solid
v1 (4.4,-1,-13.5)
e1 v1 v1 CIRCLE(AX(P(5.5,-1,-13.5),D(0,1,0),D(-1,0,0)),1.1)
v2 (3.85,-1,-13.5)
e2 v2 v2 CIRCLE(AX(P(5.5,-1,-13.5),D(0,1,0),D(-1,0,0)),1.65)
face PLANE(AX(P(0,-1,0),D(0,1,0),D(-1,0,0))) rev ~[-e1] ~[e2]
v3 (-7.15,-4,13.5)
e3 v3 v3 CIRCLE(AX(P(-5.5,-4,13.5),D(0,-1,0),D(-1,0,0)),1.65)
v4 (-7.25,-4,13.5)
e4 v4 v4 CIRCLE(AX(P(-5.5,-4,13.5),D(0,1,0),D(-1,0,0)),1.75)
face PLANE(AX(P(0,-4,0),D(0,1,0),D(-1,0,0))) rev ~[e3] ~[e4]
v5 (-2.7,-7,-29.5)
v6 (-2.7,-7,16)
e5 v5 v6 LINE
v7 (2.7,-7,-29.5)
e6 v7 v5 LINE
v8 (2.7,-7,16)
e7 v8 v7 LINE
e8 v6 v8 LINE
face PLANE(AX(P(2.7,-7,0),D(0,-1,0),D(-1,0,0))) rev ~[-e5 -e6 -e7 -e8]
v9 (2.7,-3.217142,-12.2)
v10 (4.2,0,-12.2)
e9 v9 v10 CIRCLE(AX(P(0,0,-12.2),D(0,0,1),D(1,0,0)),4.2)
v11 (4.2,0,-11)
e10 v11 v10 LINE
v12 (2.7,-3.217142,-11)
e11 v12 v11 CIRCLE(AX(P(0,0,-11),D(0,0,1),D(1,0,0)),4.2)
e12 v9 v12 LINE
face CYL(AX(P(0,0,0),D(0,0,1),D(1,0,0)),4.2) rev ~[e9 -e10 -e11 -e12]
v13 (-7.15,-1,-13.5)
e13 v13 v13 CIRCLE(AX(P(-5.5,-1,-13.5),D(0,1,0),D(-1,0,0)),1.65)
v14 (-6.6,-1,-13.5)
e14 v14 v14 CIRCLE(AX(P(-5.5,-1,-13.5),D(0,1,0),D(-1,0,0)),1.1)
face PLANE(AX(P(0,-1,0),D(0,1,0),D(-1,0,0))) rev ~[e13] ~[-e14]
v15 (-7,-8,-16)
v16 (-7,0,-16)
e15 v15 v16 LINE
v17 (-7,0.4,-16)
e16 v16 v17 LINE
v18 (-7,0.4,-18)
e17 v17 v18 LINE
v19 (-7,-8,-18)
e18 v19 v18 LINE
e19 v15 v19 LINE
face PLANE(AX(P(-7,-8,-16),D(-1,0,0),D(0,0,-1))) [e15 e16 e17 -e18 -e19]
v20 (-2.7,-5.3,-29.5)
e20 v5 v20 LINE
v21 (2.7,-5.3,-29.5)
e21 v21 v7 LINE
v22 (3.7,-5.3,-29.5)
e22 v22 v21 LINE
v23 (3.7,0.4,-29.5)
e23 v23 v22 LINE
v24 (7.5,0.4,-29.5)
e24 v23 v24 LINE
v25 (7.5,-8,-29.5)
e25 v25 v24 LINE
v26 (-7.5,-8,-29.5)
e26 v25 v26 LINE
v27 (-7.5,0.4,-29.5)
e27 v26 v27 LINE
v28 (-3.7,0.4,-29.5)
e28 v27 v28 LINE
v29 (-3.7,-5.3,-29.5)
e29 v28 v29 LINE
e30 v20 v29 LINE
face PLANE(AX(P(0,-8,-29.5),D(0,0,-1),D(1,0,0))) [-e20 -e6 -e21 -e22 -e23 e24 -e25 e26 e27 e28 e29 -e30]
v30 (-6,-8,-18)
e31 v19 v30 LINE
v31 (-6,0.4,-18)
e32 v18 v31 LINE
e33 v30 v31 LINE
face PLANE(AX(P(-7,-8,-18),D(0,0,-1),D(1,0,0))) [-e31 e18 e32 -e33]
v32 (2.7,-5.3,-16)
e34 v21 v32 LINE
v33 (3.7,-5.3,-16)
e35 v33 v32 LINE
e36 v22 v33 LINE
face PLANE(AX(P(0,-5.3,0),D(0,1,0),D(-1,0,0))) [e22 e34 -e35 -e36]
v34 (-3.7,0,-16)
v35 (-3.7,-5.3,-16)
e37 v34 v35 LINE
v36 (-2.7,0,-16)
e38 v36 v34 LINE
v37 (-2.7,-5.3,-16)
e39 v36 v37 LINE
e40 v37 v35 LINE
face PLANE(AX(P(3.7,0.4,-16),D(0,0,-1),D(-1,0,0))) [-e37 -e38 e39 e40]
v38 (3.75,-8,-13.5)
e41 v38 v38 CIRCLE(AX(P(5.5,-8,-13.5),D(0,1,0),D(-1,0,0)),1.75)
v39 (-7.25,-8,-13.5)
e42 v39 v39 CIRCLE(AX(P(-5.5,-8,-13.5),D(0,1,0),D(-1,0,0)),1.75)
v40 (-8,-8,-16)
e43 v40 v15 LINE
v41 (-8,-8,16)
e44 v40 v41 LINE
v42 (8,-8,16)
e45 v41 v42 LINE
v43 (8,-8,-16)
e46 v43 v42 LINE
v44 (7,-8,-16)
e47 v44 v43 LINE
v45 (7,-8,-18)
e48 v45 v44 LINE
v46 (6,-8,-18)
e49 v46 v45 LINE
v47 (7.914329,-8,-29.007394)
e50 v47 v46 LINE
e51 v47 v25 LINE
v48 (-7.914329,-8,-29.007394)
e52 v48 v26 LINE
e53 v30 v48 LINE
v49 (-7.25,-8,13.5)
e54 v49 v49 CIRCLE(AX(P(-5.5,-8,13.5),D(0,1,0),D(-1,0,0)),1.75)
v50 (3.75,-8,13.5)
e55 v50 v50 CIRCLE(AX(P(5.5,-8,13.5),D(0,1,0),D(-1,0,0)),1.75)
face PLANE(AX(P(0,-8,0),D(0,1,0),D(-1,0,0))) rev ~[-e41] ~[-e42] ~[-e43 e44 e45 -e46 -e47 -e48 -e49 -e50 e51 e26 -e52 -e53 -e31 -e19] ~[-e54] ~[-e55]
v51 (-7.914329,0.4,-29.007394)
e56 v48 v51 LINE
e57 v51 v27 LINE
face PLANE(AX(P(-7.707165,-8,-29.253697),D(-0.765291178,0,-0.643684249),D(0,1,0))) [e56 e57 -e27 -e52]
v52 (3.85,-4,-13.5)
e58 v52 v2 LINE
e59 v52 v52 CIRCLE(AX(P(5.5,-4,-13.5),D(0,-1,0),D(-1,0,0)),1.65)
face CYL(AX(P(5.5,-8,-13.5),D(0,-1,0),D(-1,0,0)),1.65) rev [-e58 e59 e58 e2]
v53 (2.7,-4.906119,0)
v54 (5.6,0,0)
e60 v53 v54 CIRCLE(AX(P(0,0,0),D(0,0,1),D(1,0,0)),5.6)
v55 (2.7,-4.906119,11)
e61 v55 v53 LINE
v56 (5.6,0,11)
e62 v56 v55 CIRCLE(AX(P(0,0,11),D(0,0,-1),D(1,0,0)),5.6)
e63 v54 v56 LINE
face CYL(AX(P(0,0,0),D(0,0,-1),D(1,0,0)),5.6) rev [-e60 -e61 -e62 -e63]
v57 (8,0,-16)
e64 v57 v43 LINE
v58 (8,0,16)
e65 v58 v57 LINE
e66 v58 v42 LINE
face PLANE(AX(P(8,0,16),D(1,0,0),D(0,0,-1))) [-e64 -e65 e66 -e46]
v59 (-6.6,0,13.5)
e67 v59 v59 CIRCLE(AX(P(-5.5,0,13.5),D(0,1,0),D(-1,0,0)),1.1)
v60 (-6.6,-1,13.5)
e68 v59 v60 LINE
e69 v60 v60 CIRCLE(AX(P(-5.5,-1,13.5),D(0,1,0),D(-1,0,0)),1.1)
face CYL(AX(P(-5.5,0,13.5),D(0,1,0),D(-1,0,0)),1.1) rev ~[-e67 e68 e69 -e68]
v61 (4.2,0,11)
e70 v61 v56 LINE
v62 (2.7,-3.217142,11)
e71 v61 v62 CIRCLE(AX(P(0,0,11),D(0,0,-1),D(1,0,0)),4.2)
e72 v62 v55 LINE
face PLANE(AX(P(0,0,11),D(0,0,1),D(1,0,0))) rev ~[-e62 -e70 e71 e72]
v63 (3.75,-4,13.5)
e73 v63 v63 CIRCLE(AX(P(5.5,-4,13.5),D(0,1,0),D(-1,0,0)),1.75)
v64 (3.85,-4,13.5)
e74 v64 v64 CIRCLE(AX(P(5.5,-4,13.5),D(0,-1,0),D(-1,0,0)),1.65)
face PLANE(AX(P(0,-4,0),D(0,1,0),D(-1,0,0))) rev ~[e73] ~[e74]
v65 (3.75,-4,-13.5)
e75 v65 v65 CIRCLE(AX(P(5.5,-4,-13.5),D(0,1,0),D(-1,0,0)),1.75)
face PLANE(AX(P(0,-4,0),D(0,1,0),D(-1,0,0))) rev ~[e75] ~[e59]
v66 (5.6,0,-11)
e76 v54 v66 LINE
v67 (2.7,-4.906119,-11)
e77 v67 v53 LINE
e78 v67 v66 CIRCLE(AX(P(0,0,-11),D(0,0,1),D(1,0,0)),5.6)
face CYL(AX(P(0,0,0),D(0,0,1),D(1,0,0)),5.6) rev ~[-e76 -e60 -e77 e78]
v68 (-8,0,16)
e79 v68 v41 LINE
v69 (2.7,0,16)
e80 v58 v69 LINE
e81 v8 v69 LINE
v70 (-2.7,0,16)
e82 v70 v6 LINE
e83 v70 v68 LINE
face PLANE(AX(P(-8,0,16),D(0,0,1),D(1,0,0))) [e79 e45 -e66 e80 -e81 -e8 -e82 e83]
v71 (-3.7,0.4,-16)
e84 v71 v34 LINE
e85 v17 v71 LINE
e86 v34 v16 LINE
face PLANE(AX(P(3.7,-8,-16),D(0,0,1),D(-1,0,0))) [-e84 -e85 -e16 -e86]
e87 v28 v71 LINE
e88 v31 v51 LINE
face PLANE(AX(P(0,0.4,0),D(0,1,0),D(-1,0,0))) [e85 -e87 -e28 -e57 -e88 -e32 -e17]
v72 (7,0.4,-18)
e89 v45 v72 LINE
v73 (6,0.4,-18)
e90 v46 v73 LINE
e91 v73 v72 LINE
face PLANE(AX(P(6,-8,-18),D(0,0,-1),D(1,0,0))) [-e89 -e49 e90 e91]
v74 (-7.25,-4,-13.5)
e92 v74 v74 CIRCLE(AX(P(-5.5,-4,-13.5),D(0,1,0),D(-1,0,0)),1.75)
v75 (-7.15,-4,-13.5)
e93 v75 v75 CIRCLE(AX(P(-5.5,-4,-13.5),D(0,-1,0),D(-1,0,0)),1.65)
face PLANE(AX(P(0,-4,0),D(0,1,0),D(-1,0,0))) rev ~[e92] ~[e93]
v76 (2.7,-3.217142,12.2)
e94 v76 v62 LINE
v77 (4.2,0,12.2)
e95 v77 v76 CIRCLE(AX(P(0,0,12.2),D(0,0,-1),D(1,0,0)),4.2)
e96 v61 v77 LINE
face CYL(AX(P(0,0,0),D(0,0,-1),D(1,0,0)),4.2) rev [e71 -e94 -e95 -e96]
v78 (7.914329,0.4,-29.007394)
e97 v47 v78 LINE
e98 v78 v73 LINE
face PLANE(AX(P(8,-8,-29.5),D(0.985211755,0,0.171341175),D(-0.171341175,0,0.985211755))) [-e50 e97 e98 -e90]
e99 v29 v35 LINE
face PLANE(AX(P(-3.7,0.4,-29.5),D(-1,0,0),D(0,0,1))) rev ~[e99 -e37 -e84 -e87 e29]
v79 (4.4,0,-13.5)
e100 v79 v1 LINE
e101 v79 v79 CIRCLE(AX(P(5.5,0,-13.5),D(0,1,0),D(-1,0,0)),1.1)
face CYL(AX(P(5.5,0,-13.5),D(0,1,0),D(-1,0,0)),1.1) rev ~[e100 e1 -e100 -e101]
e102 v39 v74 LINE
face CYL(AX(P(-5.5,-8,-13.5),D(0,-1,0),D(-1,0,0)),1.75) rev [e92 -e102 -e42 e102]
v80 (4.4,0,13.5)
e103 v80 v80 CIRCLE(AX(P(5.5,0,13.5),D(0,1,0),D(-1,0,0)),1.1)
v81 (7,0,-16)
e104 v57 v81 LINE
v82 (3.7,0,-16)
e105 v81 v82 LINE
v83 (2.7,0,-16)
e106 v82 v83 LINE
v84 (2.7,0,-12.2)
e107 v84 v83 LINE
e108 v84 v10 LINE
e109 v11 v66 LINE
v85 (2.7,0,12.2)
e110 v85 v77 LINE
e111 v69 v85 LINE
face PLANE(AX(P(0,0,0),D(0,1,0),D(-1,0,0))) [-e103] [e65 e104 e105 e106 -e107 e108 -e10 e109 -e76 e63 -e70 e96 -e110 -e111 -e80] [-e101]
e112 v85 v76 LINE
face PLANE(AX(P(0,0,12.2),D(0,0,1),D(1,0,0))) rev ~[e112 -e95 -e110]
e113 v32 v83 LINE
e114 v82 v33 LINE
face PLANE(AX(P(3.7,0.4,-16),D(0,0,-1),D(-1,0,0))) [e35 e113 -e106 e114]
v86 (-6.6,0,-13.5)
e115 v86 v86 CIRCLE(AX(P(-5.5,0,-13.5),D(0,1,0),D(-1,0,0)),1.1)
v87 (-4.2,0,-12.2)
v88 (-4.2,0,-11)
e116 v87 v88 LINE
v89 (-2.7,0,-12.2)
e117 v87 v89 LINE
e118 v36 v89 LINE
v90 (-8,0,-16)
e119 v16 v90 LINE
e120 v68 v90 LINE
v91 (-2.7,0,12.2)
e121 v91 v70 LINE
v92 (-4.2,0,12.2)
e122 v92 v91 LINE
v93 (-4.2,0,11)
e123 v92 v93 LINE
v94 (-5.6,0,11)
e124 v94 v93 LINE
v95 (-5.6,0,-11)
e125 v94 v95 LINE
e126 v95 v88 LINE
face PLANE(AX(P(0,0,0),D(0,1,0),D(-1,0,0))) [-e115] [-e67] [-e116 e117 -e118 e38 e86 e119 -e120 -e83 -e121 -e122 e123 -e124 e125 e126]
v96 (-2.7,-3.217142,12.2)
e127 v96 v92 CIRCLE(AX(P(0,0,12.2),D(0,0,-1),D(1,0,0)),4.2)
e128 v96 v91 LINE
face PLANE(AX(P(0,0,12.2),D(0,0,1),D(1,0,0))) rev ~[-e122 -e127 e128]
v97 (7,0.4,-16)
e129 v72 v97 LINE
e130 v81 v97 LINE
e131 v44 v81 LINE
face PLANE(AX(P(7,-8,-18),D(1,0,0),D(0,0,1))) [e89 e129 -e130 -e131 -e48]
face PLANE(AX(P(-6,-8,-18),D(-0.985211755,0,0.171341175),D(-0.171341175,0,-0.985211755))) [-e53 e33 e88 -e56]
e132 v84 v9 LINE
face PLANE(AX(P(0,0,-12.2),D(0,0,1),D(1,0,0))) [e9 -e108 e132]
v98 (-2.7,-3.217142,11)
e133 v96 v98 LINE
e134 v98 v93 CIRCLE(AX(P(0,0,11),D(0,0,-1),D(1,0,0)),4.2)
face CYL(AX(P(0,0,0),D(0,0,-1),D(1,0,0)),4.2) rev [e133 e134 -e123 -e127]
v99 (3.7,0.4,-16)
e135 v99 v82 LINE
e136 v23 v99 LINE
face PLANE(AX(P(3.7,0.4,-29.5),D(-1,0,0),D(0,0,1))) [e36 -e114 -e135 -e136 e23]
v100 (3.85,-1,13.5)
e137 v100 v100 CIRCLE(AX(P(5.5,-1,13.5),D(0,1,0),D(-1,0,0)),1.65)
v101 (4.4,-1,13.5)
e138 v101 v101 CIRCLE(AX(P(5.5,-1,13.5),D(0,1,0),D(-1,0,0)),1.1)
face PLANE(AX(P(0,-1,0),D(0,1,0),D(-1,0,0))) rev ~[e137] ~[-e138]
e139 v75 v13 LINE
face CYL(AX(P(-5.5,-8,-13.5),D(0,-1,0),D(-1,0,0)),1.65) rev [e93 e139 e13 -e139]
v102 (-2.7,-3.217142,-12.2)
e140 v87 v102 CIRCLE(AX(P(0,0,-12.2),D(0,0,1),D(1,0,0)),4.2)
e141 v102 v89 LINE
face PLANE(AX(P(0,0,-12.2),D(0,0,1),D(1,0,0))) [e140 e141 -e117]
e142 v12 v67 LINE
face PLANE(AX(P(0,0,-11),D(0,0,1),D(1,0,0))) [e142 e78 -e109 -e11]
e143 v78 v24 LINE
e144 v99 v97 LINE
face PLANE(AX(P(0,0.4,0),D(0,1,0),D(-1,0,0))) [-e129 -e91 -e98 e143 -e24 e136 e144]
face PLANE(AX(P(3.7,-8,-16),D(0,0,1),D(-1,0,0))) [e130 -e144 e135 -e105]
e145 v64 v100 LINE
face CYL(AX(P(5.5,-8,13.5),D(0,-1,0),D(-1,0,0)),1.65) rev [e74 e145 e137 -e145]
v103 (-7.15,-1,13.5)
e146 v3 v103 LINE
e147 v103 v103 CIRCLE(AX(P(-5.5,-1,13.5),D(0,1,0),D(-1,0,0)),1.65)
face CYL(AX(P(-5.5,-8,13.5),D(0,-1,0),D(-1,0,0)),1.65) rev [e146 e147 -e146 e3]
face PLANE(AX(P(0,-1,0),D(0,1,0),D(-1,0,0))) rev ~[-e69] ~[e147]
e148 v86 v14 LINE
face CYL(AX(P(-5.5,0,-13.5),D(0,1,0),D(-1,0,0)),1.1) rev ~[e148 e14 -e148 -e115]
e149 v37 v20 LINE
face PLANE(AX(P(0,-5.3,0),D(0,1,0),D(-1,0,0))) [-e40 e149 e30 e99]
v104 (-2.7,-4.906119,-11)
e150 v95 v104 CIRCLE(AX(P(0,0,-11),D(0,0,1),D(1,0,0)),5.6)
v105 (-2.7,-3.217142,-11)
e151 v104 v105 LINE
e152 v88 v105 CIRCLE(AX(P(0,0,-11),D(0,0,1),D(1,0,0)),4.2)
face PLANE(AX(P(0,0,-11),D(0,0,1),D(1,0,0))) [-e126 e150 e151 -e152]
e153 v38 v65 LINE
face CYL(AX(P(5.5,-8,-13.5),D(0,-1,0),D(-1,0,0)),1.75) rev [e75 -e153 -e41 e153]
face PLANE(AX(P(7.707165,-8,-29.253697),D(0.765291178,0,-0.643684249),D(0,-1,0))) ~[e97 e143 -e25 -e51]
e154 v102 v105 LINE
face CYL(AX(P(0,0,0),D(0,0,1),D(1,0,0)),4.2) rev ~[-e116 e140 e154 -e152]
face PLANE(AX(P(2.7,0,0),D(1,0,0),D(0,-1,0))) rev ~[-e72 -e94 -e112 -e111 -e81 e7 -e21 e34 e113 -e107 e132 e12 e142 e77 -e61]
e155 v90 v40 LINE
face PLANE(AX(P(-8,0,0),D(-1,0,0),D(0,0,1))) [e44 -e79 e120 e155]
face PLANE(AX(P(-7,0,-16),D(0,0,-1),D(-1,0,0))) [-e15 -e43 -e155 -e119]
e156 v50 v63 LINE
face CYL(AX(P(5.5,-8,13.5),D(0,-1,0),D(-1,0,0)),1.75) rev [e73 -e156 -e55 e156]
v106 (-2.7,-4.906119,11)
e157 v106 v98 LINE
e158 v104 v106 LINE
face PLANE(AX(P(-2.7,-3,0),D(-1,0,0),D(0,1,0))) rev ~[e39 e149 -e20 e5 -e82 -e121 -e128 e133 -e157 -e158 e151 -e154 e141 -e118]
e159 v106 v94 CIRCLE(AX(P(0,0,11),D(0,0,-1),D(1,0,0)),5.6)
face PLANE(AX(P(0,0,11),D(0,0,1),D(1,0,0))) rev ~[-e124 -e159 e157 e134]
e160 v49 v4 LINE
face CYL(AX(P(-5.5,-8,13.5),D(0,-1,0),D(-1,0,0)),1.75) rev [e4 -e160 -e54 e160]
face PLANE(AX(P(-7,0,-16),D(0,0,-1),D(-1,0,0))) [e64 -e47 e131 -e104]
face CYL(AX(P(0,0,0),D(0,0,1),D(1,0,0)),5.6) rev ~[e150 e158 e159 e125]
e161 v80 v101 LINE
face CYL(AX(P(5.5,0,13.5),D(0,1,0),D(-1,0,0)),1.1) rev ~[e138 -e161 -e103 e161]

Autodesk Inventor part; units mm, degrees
ref_plane "YZ Plane" through (0, 0, 0) normal (1, 0, 0) x (0, 1, 0)
ref_plane "XZ Plane" through (0, 0, 0) normal (0, 1, 0) x (-1, 0, 0)
ref_plane "XY Plane" through (0, 0, 0) normal (0, 0, 1) x (1, 0, 0)
sketch "DrumSketch" plane through (0, 0, 0) normal (0, 0, 1) x (1, 0, 0)
  line L0 (0, 8.12) -> (0, -9.52) projected
  line L1 (-7.84, 0) -> (7.84, 0) projected
  circle A0 centre (0, 0) radius 4.2
  line L2 (-2.7, -3) -> (2.7, -3)
  line L3 (2.7, 0) -> (2.7, -7)
  line L4 (2.7, -7) -> (-2.7, -7)
  line L5 (-2.7, -7) -> (-2.7, 0)
  circle A1 centre (0, 0) radius 5.6
  dimension "d0" = 8.4
  dimension "d1" = 5.4
  dimension "d2" = 7
  dimension "d3" = 4
  dimension "d6" = 11.2
sketch "BodySketch" plane through (0, 0, 0) normal (0, 1, 0) x (-1, 0, 0)
  line L0 (8, 16) -> (-8, 16)
  line L1 (-8, 16) -> (-8, -16)
  line L2 (-8, -16) -> (8, -16)
  line L3 (8, -16) -> (8, 16)
  line L4 (0, -38.6) -> (0, 25.1) projected
  line L5 (-11.2, 0) -> (11.2, 0) projected
  circle A0 centre (5.5, 13.5) radius 1.1
  circle A1 centre (5.5, 13.5) radius 1.65
  circle A2 centre (5.5, -13.5) radius 1.1
  circle A3 centre (5.5, -13.5) radius 1.65
  circle A4 centre (-5.5, 13.5) radius 1.1
  circle A5 centre (-5.5, 13.5) radius 1.65
  circle A6 centre (-5.5, -13.5) radius 1.65
  circle A7 centre (-5.5, -13.5) radius 1.1
  line L6 (7, -16) -> (7, -18)
  line L7 (7, -18) -> (6, -18)
  line L8 (6, -18) -> (8, -29.5)
  line L9 (8, -29.5) -> (-8, -29.5)
  line L10 (-8, -29.5) -> (-6, -18)
  line L11 (-6, -18) -> (-7, -18)
  line L12 (-7, -18) -> (-7, -16)
  line L13 (3.7, -29.5) -> (3.7, -16)
  line L14 (-3.7, -29.5) -> (-3.7, -16)
  line L15 (2.4888, -22.75) -> (1.2404, -22.75)
  circle A8 centre (5.5, 13.5) radius 1.75
  circle A9 centre (5.5, -13.5) radius 1.75
  circle A10 centre (-5.5, 13.5) radius 1.75
  circle A11 centre (-5.5, -13.5) radius 1.75
  point P0 (0, 0)
  point P1 (-8, 0)
  point P2 (0, 16)
  point P3 (8, 0)
  point P4 (0, -16)
  dimension "d4" = 16
  dimension "d5" = 32
  dimension "d15" = 3.3
  dimension "d16" = 2.2
  dimension "d17" = 2.5
  dimension "d18" = 2.5
  dimension "d23" = 16
  dimension "d24" = 12
  dimension "d25" = 14
  dimension "d26" = 2
  dimension "d28" = 11.5
  dimension "d29" = 7.4
  dimension "d37" = 6.75
  dimension "d38" = 6.75
  dimension "d39" = 22.75
  dimension "d40" = 3.5
extrude "MainBody" add sketch "BodySketch" against normal blind 8 contours L3 L5 L4 L0 | L4 L5 L1 L0 | L3 L2 L4 L5 | L4 L2 L1 L5 | A0 | A1 | A2 | A3 | A4 | A5 | A6 | A7 | A8 | A9 | A10 | A11
extrude "TrapConnector" add sketch "BodySketch" along normal blind 8.4 from surface at -8 contours L4 L9 L14 L2 | L2 L13 L9 L4 | L6 L7 L8 L9 L13 L2 | L14 L9 L10 L11 L12 L2
extrude "SliderChannel" cut sketch "DrumSketch" along normal through all both and the other way through all contours L1 L3 L2 L0 | L0 L2 L5 L1 | A1 L0 A0 L3 | L3 L4 L0 A1 | A1 L0 L4 L5 | L5 A0 L0 A1 | L2 L3 A0 L0 | L0 A0 L5 L2
extrude "TrapChannel" cut sketch "BodySketch" against normal blind 5.7 from surface at 0.4 contours L4 L9 L14 L2 | L2 L13 L9 L4
extrude "DrumChannel" cut sketch "DrumSketch" along normal mid plane 22 contours A1 L1 A0 L0 | L0 A0 L1 A1 | A0 L1 L0 | L0 L1 A0 | A1 L3 A0 L1 | L1 A0 L5 A1 | L1 L3 L2 L0 | L0 L2 L5 L1 | A0 L3 L1 | L1 L5 A0 | A1 L0 A0 L3 | L5 A0 L0 A1 | L2 L3 A0 L0 | L0 A0 L5 L2
extrude "DrumBearing" cut sketch "DrumSketch" along normal mid plane 24.4 contours A0 L1 L0 | L0 L1 A0 | L1 L3 L2 L0 | L0 L2 L5 L1 | A0 L3 L1 | L1 L5 A0 | L2 L3 A0 L0 | L0 A0 L5 L2
extrude "FixHoleTop" cut sketch "BodySketch" against normal through all contours A0 | A2 | A4 | A7
extrude "FixHoleMid" cut sketch "BodySketch" along normal blind 7 from surface at -8 contours A0 | A1 | A2 | A3 | A4 | A5 | A6 | A7
extrude "FixHoleBottom" cut sketch "BodySketch" along normal blind 4 from surface at -8 contours A0 | A1 | A2 | A3 | A4 | A5 | A6 | A7 | A8 | A9 | A10 | A11
chamfer "TrapEdgeChamfer" distance 0.5 angle 45 2 edges at (-8, -3.8, -29.5) (8, -3.8, -29.5)
equation "\"d23\" = LeverConnectTrapWidthBottom"
equation "\"d24\" = LeverConnectTrapWidthTop"
equation "\"d28\" = LeverConnectTrapDepth"
equation "\"d37\" = d38"
equation "\"d30\" = RailHeight"
equation "\"RHtmp\" = 8.4"
equation "\"RTtmp\" = 2"
equation "\"LeverConnectTrapWidthBottom\" = 16"
equation "\"LeverConnectTrapWidthTop\" = 12"
equation "\"LeverConnectTrapDepth\" = 11.5"
equation "\"RailHeight\" = 8.4"
properties part number "SwitchLeverUnit_LowerCase"
